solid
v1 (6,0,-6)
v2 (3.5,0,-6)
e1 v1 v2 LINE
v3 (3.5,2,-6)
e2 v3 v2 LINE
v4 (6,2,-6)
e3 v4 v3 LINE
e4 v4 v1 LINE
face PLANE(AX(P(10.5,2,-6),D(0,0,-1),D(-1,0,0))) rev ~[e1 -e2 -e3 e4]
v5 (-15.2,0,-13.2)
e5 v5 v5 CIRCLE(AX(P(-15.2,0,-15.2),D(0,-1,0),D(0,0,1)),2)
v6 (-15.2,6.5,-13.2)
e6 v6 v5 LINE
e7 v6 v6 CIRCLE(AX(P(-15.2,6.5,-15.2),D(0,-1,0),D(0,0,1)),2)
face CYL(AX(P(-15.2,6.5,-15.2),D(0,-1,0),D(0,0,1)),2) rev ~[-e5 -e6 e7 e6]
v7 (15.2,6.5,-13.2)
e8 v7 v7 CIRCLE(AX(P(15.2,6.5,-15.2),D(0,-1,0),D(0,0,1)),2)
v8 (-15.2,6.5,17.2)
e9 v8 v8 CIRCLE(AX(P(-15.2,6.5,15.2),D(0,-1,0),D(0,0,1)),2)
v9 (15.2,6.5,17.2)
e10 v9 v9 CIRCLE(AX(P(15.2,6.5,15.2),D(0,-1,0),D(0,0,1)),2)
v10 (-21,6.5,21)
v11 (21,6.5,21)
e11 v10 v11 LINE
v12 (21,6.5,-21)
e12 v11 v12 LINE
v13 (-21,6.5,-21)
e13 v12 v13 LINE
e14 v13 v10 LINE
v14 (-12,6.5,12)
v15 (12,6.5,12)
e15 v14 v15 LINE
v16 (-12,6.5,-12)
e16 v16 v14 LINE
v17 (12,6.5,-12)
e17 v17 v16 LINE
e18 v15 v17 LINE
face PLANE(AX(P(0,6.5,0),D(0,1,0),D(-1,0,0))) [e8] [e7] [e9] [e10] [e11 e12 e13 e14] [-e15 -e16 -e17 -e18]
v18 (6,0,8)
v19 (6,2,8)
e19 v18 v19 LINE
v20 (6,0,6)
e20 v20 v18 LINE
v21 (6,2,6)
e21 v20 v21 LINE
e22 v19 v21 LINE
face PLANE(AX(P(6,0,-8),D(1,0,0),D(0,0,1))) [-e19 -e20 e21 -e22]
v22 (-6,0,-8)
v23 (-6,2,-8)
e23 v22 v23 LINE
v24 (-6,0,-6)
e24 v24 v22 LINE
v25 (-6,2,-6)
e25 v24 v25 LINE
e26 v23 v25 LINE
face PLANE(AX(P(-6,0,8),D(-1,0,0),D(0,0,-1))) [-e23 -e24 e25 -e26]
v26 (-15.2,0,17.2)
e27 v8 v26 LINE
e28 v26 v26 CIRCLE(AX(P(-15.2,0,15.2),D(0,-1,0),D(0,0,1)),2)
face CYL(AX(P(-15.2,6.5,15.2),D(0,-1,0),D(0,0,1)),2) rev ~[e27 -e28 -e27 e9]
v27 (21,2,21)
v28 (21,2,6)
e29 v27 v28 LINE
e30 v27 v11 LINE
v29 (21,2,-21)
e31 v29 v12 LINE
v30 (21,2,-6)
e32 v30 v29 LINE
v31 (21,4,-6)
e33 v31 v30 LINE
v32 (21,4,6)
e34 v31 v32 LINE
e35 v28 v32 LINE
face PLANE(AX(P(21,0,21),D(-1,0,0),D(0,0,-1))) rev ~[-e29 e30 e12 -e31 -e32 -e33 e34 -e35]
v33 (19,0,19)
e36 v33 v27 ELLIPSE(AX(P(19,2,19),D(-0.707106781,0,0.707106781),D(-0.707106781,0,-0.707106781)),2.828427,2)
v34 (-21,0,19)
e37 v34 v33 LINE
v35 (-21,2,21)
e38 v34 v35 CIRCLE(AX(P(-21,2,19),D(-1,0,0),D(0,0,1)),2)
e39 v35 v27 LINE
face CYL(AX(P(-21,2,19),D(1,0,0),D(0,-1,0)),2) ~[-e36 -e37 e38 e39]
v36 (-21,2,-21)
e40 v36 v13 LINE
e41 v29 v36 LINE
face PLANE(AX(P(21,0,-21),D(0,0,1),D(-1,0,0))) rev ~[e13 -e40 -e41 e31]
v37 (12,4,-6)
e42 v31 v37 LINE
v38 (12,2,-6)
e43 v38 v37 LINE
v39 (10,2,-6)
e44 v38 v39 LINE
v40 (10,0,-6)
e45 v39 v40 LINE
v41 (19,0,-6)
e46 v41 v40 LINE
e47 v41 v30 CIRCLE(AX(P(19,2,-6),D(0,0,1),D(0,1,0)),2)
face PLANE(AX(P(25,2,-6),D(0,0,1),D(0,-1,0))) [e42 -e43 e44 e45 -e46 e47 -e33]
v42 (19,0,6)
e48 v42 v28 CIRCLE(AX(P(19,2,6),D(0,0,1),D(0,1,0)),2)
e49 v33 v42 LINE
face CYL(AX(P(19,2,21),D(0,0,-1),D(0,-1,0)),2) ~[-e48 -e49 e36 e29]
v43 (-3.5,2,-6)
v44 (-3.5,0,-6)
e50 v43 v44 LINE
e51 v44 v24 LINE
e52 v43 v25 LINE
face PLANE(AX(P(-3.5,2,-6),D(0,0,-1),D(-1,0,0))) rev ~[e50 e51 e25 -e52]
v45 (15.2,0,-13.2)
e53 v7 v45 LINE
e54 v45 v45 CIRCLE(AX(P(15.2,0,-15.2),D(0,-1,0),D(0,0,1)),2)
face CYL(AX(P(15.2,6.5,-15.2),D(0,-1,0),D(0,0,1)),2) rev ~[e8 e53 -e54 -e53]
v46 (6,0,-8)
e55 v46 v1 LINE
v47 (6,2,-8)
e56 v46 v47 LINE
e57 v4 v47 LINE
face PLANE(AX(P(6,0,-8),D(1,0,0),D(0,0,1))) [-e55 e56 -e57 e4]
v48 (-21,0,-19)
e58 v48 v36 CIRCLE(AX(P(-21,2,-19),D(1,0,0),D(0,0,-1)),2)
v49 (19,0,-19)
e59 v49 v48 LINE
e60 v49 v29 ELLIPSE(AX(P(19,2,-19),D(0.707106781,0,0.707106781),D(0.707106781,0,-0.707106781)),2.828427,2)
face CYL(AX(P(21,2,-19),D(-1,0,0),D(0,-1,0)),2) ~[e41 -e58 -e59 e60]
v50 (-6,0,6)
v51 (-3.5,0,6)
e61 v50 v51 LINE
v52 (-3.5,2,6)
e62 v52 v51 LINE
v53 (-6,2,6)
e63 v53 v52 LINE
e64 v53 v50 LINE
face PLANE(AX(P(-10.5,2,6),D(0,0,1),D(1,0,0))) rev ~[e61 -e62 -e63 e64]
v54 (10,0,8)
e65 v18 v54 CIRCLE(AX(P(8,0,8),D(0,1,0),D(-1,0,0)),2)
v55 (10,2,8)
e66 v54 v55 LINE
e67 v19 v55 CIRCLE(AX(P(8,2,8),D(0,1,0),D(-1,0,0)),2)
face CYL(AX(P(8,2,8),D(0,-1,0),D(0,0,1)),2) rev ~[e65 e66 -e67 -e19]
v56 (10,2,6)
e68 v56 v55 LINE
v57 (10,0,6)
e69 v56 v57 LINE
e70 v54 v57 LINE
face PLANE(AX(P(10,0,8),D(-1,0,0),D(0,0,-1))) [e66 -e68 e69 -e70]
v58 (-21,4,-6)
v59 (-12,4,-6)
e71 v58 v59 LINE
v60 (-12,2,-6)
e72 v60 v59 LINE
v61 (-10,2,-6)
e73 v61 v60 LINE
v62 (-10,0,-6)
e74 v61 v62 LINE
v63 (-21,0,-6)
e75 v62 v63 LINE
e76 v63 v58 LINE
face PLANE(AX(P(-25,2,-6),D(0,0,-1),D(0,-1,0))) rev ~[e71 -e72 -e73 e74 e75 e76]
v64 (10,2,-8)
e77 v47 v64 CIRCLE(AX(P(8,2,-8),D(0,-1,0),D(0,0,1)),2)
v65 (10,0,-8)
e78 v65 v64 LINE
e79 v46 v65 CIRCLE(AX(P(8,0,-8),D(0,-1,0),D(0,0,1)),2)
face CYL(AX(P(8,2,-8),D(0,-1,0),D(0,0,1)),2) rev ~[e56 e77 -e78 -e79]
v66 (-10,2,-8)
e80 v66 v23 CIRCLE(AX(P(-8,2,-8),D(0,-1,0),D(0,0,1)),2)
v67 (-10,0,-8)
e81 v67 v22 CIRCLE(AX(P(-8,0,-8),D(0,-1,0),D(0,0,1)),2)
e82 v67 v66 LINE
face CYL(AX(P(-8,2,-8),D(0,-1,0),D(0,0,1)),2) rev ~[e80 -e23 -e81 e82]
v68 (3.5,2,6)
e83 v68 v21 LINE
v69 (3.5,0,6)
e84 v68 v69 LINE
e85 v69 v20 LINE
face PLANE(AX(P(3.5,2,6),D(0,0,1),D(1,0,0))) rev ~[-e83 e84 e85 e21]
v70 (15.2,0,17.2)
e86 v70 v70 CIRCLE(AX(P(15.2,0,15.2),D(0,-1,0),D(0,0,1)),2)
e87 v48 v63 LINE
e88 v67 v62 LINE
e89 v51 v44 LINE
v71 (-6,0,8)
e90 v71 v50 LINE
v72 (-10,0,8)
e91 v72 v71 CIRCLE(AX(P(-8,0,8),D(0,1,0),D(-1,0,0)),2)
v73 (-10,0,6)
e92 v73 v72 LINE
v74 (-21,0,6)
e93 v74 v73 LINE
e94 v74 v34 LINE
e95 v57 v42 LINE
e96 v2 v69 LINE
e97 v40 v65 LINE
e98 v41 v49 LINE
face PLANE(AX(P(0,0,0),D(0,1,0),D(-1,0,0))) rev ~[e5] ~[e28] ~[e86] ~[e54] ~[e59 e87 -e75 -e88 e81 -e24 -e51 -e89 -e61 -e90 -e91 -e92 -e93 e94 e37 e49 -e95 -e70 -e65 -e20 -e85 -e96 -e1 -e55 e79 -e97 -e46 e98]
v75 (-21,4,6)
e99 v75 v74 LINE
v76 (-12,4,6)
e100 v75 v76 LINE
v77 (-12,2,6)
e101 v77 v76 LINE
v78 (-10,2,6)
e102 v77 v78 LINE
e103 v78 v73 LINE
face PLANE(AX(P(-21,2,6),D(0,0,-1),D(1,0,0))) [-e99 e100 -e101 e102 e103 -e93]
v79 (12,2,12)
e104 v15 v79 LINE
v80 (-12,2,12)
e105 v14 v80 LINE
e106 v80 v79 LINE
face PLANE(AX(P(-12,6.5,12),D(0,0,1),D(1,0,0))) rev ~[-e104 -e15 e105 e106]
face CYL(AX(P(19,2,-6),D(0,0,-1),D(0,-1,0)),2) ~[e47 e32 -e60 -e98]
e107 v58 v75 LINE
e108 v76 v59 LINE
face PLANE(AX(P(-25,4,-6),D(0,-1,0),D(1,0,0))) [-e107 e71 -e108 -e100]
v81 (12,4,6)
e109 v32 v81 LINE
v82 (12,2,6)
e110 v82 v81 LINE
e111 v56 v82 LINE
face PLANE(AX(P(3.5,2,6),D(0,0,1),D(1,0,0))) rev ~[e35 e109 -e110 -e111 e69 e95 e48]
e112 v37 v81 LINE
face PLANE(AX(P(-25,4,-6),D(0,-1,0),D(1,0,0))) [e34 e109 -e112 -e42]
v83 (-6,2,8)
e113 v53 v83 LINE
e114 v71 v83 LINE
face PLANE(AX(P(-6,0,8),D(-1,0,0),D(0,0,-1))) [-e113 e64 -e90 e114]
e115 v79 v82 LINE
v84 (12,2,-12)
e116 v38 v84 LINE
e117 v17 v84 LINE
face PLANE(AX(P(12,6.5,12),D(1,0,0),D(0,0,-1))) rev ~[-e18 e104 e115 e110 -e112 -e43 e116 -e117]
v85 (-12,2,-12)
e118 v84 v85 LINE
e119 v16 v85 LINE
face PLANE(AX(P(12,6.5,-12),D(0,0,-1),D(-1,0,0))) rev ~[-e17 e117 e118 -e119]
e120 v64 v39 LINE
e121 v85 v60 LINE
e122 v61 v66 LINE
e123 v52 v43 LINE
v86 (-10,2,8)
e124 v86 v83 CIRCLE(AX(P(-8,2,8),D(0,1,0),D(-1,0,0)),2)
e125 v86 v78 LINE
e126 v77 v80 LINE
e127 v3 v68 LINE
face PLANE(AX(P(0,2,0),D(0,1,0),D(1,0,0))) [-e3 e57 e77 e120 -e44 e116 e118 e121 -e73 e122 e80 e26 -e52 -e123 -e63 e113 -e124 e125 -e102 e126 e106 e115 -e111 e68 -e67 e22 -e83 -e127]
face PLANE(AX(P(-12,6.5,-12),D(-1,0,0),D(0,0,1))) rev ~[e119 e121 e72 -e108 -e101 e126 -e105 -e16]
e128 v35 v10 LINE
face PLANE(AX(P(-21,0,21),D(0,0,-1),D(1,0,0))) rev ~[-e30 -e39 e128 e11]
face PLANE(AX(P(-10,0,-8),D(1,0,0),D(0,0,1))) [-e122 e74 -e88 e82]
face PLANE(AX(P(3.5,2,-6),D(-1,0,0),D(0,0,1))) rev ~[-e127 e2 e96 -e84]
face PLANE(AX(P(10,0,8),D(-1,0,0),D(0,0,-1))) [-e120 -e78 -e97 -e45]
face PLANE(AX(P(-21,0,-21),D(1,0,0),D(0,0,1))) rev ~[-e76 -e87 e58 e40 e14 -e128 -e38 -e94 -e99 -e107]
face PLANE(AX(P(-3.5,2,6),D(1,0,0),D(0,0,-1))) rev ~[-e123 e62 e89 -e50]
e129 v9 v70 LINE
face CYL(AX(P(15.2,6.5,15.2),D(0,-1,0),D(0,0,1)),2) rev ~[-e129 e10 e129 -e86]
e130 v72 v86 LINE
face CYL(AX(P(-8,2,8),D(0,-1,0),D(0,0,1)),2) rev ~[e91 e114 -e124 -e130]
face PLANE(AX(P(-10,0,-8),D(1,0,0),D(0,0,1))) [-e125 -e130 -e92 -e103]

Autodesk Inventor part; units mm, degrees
sketch "Sketch1" plane through (0, 0, 0) normal (0, 1, 0) x (-1, 0, 0)
  line L0 (21, 21) -> (-21, 21)
  line L1 (-21, 21) -> (-21, -21)
  line L2 (-21, -21) -> (21, -21)
  line L3 (21, -21) -> (21, 21)
  line L4 (21, 21) -> (-21, -21) construction
  line L5 (-21, 21) -> (21, -21) construction
  point P0 (0, 0)
  dimension "d0" = 42
  dimension "d1" = 42
extrude "Extrusion1" add sketch "Sketch1" along normal blind 6.5
sketch "Sketch2" plane through (0, 6.5, 0) normal (0, 1, 0) x (1, 0, 0)
  line L0 (-12, -12) -> (12, -12)
  line L1 (12, -12) -> (12, 12)
  line L2 (12, 12) -> (-12, 12)
  line L3 (-12, 12) -> (-12, -12)
  line L4 (-12, -12) -> (12, 12) construction
  line L5 (12, -12) -> (-12, 12) construction
  point P0 (0, 0)
  dimension "d4" = 24
  dimension "d5" = 24
extrude "Extrusion2" cut sketch "Sketch2" against normal blind 4.5
sketch "Sketch3" plane through (0, 2, 0) normal (0, 1, 0) x (1, 0, 0)
  line L0 (-10.5, -6) -> (-3.5, -6)
  line L1 (-3.5, -6) -> (-3.5, 6)
  line L2 (-3.5, 6) -> (-10.5, 6)
  line L3 (-10.5, 6) -> (-10.5, -6)
  line L4 (-10.5, -6) -> (-3.5, 6) construction
  line L5 (-3.5, -6) -> (-10.5, 6) construction
  line L6 (-12, -12) -> (-12, 12) projected
  line L7 (3.5, -6) -> (10.5, -6)
  line L8 (10.5, -6) -> (10.5, 6)
  line L9 (10.5, 6) -> (3.5, 6)
  line L10 (3.5, 6) -> (3.5, -6)
  line L11 (3.5, -6) -> (10.5, 6) construction
  line L12 (10.5, -6) -> (3.5, 6) construction
  line L13 (12, 12) -> (12, -12) projected
  point P0 (0, 0)
  point P1 (-7, 0)
  point P2 (-7, 0)
  point P3 (7, 0)
  point P4 (7, 0)
  dimension "d8" = 7
  dimension "d9" = 12
  dimension "d10" = 1.5
  dimension "d11" = 7
  dimension "d12" = 1.5
  dimension "d13" = 12
extrude "Extrusion3" cut sketch "Sketch3" against normal blind 3.5
sketch "Sketch4" plane through (0, 2, 0) normal (0, 1, 0) x (1, 0, 0)
  line L0 (-12, -12) -> (-12, 12) projected
  line L1 (12, -12) -> (-12, -12) projected
  point P0 (0, 0)
  point P1 (-8, -8)
  point P2 (-8, 8)
  point P3 (8, 8)
  point P4 (8, -8)
  dimension "d16" = 16
  dimension "d17" = 16
  dimension "d18" = 4
  dimension "d19" = 4
hole "Hole1" at (-8, 2, 8) at (-8, 2, -8) at (8, 2, -8) at (8, 2, 8) direction (0, -1, 0) diameter 4 end through all
sketch "Sketch5" plane through (0, 6.5, 0) normal (0, 1, 0) x (1, 0, 0)
  line L0 (-21, -21) -> (21, -21) projected
  line L1 (-21, 21) -> (-21, -21) projected
  point P0 (0, 0)
  point P1 (-15.2, -15.2)
  point P2 (-15.2, 15.2)
  point P3 (15.2, 15.2)
  point P4 (15.2, -15.2)
  dimension "d27" = 30.4
  dimension "d28" = 30.4
  dimension "d29" = 5.8
  dimension "d30" = 5.8
hole "Hole2" at (-15.2, 6.5, 15.2) at (-15.2, 6.5, -15.2) at (15.2, 6.5, -15.2) at (15.2, 6.5, 15.2) direction (0, -1, 0) diameter 4 end through all
ref_plane "Work Plane5" through (-25, 0, -21) normal (-1, 0, 0) x (0, 0, 1)
sketch "Sketch9" plane through (-25, 0, -21) normal (-1, 0, 0) x (0, 0, 1)
  point P0 (21, 0)
ref_plane "Work Plane4" through (25, 0, 21) normal (1, 0, 0) x (0, 0, -1)
sketch "Sketch10" plane through (25, 0, 21) normal (1, 0, 0) x (0, 0, -1)
  line L0 (27, 2) -> (31, 2) projected
  line L1 (27, 2) -> (15, 2) projected
  line L2 (11, 2) -> (15, 2) projected
  line L3 (15, 2) -> (27, 2) projected
  line L4 (27, 2) -> (31, 2) projected
  line L5 (27, 2) -> (15, 2) projected
  line L6 (11, 2) -> (15, 2) projected
  line L7 (15, 2) -> (27, 2) projected
  line L8 (33, 2) -> (9, 2) projected
  line L9 (9, 2) -> (33, 2) projected
  line L10 (27, 2) -> (15, 2) projected
  line L11 (27, 2) -> (27, 0) projected
  line L12 (15, 2) -> (27, 2) projected
  line L13 (15, 2) -> (15, 0) projected
  line L14 (27, 0) -> (15, 0) projected
  point P0 (21, 0)
extrude "Extrusion7" cut sketch "Sketch10" against normal blind 15
ref_plane "Work Plane6" through (-25, 0, -21) normal (-1, 0, 0) x (0, 0, 1)
sketch "Sketch11" plane through (-25, 0, -21) normal (-1, 0, 0) x (0, 0, 1)
  line L0 (27, 2) -> (27, 0) projected
  line L1 (15, 2) -> (27, 2) projected
  line L2 (15, 2) -> (15, 0) projected
  line L3 (27, 0) -> (15, 0) projected
  point P0 (21, 0)
extrude "Extrusion8" cut sketch "Sketch11" against normal blind 15
ref_plane "Work Plane7" through (-25, 0, 6) normal (-1, 0, 0) x (0, 0, 1)
ref_plane "Work Plane8" through (-25, 0, 6) normal (-1, 0, 0) x (0, 0, 1)
ref_plane "Work Plane9" through (-25, 2, -6) normal (0, -1, 0) x (1, 0, 0)
sketch "Sketch16" plane through (-25, 2, -6) normal (0, -1, 0) x (1, 0, 0)
  line L0 (13, 12) -> (13, 0) projected
  line L1 (4, 12) -> (13, 12) projected
  line L2 (4, 0) -> (13, 0) projected
  line L3 (37, 0) -> (37, 12) projected
  line L4 (50, 0) -> (37, 0) projected
  line L5 (50, 12) -> (50, 0) projected
  line L6 (50, 12) -> (37, 12) projected
  line L7 (4, 0) -> (4, 12) projected
  point P0 (25, 6)
extrude "Extrusion11" cut sketch "Sketch16" against normal blind 2
ref_plane "Work Plane10" through (-21, 6.5, 21) normal (1, 0, 0) x (0, 0, -1)
ref_plane "Work Plane11" through (-25, 0, 6) normal (-1, 0, 0) x (0, 0, 1)
fillet "Fillet4" radius 2 4 edges at (21, 0, -13.5) (21, 0, 13.5) (0, 0, -21) (0, 0, 21)
ref_plane "Work Plane12" through (-21.8, 6.5, 21) normal (1, 0, 0) x (0, 0, -1)
sketch "Sketch21" plane through (0, 0, 0) normal (0, -1, 0) x (1, 0, 0)
  circle A0 centre (8, 8) radius 2 projected
  circle A1 centre (8, -8) radius 2 projected
  circle A2 centre (-8, -8) radius 2 projected
  circle A3 centre (-8, 8) radius 2 projected
  circle A4 centre (-8, 8) radius 2 projected
  line L0 (-10, 8) -> (-6, 8)
  line L1 (-6, 8) -> (-6, -8)
  line L2 (-6, -8) -> (-10, -8)
  line L3 (-10, -8) -> (-10, 8)
  line L4 (6, 8) -> (10, 8)
  line L5 (10, 8) -> (10, -8)
  line L6 (10, -8) -> (6, -8)
  line L7 (6, -8) -> (6, 8)
  point P0 (0, 0)
  point P1 (8, 6)
  point P2 (8, -6)
  point P3 (-8, -6)
  point P4 (-8, 6)
  point P5 (10, 8)
  point P6 (-6, 8)
extrude "Extrusion16" cut sketch "Sketch21" against normal blind 3 contours L5 A1 L7 A0 | A2 L3 A3 L1
properties part number "encoder_cover"
